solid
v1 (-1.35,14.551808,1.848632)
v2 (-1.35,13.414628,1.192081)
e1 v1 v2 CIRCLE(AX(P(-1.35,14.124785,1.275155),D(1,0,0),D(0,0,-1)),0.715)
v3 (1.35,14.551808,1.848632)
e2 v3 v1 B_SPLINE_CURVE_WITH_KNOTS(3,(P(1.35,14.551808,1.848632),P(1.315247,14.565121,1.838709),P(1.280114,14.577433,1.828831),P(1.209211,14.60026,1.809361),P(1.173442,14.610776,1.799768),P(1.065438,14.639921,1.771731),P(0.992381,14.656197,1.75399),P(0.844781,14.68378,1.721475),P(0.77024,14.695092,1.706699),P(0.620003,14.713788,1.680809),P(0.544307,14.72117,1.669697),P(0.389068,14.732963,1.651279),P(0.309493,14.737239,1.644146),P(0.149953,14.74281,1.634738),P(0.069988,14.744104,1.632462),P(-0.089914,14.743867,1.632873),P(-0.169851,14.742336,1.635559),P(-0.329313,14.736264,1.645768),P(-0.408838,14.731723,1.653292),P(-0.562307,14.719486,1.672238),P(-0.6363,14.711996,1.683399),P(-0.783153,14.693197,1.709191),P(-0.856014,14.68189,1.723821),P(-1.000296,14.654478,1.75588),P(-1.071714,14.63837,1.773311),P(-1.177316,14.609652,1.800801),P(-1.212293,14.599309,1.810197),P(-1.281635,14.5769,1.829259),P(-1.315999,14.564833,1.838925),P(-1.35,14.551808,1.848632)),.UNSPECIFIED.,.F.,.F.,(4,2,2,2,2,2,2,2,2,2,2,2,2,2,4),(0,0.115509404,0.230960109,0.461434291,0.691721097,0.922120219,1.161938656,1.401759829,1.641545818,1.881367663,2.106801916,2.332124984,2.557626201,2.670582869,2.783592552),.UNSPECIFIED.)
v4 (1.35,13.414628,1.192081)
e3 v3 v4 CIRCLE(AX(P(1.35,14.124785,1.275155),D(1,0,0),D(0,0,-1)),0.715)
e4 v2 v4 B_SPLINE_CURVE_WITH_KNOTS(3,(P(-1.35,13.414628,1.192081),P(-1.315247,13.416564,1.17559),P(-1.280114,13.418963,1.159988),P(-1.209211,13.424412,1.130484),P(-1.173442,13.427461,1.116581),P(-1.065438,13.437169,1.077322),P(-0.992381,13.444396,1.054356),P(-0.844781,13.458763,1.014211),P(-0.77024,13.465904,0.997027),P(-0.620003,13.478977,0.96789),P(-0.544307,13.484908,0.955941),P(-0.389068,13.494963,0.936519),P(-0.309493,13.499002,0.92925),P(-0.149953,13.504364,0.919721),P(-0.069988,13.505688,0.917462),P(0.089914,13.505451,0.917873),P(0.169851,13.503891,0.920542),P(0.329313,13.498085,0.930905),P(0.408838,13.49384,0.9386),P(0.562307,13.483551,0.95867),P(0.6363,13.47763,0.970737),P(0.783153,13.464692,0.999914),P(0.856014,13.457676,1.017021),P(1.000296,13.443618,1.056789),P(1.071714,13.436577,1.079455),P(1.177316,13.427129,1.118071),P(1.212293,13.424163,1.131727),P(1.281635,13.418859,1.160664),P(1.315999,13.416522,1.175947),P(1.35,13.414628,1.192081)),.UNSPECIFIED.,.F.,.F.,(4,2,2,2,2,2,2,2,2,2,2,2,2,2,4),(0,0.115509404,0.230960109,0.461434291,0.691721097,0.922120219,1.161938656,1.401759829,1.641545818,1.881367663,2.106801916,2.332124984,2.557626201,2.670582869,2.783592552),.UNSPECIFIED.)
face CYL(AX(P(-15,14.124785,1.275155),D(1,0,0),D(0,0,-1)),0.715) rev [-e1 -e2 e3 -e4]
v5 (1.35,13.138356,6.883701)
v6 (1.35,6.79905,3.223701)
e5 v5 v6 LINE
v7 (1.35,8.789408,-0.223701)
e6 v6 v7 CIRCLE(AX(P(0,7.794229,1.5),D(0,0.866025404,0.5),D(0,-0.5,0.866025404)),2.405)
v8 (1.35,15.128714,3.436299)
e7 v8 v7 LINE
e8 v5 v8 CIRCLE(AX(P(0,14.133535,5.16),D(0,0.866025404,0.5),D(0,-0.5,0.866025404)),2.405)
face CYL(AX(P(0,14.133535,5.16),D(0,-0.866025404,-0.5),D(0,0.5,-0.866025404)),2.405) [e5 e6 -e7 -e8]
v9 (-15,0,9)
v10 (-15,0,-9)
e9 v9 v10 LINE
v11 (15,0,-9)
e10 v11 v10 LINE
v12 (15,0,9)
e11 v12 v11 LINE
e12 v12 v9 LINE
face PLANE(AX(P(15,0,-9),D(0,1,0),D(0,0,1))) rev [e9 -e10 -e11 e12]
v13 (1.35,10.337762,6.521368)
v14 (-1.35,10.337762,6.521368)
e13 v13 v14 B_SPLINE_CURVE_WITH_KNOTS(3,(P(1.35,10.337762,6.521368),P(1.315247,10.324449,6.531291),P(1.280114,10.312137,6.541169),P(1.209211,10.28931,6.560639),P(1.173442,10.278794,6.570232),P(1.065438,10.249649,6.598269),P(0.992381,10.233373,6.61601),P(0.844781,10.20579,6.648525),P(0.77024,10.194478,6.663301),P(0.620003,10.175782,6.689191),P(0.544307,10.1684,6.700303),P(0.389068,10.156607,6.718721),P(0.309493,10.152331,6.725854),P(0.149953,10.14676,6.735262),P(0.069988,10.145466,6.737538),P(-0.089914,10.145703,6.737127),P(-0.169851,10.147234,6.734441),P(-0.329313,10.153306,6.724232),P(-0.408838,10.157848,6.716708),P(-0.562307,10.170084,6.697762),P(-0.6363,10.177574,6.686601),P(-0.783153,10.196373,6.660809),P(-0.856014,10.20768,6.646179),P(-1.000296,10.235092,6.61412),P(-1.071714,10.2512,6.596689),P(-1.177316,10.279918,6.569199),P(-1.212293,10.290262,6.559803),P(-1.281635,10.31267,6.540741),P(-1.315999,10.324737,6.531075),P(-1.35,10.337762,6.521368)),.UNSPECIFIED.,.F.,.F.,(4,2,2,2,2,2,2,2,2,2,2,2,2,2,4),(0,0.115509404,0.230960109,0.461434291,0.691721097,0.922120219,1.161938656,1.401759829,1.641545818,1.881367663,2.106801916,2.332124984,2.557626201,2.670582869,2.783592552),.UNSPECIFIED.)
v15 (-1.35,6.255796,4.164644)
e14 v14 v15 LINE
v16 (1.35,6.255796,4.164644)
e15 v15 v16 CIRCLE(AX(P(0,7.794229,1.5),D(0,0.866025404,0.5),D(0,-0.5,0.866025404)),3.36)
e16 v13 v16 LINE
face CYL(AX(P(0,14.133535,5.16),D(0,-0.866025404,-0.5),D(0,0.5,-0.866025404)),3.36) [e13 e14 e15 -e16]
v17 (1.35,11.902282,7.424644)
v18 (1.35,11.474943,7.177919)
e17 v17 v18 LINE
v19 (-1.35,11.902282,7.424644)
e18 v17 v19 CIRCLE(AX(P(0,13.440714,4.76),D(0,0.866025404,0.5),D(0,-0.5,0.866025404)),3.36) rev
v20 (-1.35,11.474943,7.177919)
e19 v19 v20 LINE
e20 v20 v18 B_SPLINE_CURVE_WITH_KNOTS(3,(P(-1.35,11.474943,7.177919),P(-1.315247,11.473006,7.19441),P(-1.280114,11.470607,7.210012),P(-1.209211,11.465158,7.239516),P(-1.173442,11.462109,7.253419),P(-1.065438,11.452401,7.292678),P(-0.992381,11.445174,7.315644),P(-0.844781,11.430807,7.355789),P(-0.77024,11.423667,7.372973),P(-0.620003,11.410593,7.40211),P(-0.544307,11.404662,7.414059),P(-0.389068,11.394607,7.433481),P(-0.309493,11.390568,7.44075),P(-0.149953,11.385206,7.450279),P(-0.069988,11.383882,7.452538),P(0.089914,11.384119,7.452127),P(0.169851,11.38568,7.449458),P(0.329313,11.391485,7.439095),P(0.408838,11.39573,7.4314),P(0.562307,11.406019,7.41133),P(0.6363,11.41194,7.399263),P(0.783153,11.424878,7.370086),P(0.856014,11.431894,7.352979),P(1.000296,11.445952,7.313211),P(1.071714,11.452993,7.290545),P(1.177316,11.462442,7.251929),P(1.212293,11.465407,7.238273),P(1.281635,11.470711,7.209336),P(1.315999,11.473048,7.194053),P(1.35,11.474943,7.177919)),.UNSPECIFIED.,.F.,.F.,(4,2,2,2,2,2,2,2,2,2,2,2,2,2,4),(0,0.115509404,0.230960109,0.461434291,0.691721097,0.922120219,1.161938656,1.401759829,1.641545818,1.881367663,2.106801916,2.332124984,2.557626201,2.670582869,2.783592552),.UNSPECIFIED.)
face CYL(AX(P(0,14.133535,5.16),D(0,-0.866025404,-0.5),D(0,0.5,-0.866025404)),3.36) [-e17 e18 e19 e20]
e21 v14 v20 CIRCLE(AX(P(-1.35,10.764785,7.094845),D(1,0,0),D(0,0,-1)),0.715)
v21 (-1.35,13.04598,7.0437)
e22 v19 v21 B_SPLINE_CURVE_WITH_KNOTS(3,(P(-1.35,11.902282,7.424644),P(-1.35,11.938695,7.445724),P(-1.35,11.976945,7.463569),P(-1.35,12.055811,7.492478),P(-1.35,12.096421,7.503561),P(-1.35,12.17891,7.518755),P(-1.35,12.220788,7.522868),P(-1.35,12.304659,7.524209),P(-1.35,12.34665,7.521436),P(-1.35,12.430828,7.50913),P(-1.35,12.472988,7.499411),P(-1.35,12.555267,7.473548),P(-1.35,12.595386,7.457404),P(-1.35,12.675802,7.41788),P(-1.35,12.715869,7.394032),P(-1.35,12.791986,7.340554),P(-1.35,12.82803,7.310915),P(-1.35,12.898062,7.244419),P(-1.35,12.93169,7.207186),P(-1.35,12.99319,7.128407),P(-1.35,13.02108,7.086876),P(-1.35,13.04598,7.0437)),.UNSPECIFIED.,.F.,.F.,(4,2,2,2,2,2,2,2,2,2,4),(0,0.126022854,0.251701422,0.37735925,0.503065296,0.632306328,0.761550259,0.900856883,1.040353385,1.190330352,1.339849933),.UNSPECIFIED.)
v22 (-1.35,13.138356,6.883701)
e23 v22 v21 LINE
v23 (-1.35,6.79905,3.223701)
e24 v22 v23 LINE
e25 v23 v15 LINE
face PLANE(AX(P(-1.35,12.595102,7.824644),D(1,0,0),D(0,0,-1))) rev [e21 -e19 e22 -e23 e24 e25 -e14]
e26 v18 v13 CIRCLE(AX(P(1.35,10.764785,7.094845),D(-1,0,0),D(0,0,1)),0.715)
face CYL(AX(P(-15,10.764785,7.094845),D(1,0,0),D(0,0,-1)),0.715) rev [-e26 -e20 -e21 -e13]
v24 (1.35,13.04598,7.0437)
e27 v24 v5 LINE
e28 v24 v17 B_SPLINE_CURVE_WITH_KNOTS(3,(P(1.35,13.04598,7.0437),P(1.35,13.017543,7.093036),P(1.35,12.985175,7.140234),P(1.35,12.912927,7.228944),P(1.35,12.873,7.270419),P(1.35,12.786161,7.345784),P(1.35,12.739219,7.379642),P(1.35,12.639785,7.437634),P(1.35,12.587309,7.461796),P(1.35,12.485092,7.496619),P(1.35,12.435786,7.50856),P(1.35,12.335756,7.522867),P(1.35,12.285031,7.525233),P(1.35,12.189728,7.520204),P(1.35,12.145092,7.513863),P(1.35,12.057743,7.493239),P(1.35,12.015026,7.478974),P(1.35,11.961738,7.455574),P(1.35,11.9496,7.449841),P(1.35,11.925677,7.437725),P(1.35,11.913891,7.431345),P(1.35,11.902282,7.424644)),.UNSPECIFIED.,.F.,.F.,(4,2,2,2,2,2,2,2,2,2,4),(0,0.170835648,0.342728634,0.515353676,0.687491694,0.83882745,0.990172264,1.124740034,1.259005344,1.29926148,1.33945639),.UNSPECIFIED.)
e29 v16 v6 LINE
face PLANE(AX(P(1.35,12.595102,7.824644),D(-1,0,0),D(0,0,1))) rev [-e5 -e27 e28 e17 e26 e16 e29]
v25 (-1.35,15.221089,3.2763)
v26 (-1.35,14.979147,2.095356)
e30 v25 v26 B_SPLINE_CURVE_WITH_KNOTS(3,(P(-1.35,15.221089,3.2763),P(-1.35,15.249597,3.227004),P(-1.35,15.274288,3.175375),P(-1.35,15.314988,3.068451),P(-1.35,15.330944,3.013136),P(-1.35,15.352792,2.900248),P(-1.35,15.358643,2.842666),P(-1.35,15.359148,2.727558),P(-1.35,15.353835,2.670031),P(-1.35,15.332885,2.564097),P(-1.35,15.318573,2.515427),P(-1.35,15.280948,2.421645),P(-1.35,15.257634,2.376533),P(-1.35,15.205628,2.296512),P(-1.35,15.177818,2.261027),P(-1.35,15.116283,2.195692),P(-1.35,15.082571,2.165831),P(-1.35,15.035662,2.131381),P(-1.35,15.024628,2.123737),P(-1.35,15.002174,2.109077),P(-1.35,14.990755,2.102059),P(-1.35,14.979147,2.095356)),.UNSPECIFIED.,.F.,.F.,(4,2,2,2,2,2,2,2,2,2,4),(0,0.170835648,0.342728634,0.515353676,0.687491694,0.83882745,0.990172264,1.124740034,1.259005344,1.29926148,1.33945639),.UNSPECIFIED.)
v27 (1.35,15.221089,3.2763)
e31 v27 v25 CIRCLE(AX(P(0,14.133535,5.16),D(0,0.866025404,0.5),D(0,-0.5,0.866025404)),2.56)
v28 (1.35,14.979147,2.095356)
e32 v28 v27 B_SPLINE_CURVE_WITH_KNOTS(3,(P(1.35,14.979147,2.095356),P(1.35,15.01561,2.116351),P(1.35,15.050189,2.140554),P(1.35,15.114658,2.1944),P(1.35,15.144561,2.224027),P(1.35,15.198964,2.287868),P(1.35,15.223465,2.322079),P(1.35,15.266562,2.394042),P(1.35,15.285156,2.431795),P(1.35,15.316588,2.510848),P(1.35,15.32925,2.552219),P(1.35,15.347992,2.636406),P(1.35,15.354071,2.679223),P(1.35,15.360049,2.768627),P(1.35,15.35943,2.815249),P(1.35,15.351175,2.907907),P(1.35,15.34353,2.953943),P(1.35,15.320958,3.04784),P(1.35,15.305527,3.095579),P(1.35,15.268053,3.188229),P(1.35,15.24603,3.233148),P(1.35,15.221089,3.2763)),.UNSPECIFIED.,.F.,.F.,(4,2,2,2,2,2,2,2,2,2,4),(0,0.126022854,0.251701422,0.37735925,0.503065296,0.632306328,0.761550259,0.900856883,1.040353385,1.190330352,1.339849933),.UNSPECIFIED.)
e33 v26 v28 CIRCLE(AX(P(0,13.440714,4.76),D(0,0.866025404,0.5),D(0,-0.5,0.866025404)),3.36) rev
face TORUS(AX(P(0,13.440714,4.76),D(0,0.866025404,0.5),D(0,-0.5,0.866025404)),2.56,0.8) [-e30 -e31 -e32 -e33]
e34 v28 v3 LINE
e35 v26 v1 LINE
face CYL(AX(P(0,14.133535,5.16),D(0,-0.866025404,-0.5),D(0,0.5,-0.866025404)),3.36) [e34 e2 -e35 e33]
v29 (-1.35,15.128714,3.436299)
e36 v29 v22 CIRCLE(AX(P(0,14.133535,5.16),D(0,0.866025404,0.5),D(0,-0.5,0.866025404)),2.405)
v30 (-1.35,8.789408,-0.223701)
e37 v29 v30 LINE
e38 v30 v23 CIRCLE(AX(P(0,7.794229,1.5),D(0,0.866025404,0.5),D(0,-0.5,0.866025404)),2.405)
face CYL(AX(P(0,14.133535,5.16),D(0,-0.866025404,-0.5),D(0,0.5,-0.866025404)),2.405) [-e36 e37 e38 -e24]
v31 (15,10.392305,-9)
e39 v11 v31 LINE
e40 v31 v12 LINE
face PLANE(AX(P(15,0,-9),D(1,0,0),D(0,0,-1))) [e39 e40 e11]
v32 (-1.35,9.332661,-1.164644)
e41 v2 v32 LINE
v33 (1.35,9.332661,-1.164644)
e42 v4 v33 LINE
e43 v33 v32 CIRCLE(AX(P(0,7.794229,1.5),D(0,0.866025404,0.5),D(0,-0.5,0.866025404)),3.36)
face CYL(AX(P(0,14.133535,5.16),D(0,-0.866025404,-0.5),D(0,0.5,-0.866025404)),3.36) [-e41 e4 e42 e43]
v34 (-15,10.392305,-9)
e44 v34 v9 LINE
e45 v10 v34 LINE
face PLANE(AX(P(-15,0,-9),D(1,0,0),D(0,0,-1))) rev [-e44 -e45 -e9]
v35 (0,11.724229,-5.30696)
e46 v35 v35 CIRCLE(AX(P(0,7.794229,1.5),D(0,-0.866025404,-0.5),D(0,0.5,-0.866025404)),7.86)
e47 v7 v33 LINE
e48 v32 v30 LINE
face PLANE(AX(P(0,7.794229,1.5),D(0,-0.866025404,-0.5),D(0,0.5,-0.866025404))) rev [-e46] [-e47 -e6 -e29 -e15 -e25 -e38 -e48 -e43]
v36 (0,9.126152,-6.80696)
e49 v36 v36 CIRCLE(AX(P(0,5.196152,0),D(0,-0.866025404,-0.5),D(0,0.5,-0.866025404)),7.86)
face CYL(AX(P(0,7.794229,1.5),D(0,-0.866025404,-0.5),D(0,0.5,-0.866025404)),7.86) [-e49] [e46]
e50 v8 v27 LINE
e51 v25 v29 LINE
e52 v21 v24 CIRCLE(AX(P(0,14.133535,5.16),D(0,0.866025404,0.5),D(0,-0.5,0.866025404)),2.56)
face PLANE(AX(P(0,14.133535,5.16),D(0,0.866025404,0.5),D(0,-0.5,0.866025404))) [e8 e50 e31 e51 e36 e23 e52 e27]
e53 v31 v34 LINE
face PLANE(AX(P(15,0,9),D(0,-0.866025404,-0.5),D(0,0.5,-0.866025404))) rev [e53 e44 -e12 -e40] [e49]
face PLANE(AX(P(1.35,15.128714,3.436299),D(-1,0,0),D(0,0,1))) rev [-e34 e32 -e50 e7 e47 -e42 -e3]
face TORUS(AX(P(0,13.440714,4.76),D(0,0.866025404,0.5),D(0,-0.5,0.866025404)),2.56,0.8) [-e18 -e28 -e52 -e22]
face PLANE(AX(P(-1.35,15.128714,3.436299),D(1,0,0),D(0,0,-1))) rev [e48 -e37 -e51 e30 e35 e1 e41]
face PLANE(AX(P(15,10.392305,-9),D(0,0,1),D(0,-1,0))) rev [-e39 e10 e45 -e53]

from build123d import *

# Parameters (mm, degrees)
BOSS_EXTRUDE4_DEPTH = 15
SKETCH3_R           = 7.86
BOSS_EXTRUDE2_DEPTH = 3
BOSS_EXTRUDE3_DEPTH = 7.32
SKETCH6_R           = 0.715
CUT_EXTRUDE2_DEPTH  = 17.35
FILLET5_R           = 0.8


with BuildPart() as part:
    # Sketch8 → Boss-Extrude4 (new body, symmetric)
    with BuildSketch(Plane(origin=(0, 0, 0), x_dir=(0, 0, -1), z_dir=(1, 0, 0))):
        Polygon((-9, 0), (9, 10.392304845), (9, 0), align=None)
    extrude(amount=BOSS_EXTRUDE4_DEPTH, both=True)

    # Sketch3 → Boss-Extrude2 (add)
    with BuildSketch(Plane(origin=(0, 1.640246968, 6.159008915), x_dir=(1, 0, 0), z_dir=(0, -0.866025404, -0.5))):
        with Locations((0, -7.11181091)):
            Circle(SKETCH3_R)
    extrude(amount=-BOSS_EXTRUDE2_DEPTH)

    # Sketch5 → Boss-Extrude3 (add)
    with BuildSketch(Plane(origin=(0, 6.495190528, 3.75), x_dir=(1, 0, 0), z_dir=(0, 0.866025404, 0.5))):
        with BuildLine():
            Line((1.35, 4.588434219), (1.35, 5.674941499))
            ThreePointArc((1.35, 5.674941499), (0, 5.958076211), (-1.35, 5.674941499))
            Line((-1.35, 5.674941499), (-1.35, 4.588434219))
            ThreePointArc((-1.35, 4.588434219), (-2.405, 2.598076211), (-1.35, 0.607718203))
            Line((-1.35, 0.607718203), (-1.35, -0.478789077))
            ThreePointArc((-1.35, -0.478789077), (0, -0.761923789), (1.35, -0.478789077))
            Line((1.35, -0.478789077), (1.35, 0.607718203))
            ThreePointArc((1.35, 0.607718203), (2.405, 2.598076211), (1.35, 4.588434219))
        make_face()
    extrude(amount=BOSS_EXTRUDE3_DEPTH)

    # Sketch6 → Cut-Extrude2 (cut, through all)
    with BuildSketch(Plane(origin=(1.35, 0, 0), x_dir=(0, 0, -1), z_dir=(1, 0, 0))):
        with Locations((-1.275154643, 14.124785052)):
            Circle(SKETCH6_R)
        with Locations((-7.094845357, 10.764785052)):
            Circle(SKETCH6_R)
    extrude(amount=-CUT_EXTRUDE2_DEPTH, mode=Mode.SUBTRACT)

    # Fillet5
    fillet5_edges = [part.edges().sort_by_distance(p)[0] for p in [
        (0, 12.45353459, 8.069845357),
        (0, 15.81353459, 2.250154643),
    ]]
    fillet(fillet5_edges, radius=FILLET5_R)


solid = part.part
